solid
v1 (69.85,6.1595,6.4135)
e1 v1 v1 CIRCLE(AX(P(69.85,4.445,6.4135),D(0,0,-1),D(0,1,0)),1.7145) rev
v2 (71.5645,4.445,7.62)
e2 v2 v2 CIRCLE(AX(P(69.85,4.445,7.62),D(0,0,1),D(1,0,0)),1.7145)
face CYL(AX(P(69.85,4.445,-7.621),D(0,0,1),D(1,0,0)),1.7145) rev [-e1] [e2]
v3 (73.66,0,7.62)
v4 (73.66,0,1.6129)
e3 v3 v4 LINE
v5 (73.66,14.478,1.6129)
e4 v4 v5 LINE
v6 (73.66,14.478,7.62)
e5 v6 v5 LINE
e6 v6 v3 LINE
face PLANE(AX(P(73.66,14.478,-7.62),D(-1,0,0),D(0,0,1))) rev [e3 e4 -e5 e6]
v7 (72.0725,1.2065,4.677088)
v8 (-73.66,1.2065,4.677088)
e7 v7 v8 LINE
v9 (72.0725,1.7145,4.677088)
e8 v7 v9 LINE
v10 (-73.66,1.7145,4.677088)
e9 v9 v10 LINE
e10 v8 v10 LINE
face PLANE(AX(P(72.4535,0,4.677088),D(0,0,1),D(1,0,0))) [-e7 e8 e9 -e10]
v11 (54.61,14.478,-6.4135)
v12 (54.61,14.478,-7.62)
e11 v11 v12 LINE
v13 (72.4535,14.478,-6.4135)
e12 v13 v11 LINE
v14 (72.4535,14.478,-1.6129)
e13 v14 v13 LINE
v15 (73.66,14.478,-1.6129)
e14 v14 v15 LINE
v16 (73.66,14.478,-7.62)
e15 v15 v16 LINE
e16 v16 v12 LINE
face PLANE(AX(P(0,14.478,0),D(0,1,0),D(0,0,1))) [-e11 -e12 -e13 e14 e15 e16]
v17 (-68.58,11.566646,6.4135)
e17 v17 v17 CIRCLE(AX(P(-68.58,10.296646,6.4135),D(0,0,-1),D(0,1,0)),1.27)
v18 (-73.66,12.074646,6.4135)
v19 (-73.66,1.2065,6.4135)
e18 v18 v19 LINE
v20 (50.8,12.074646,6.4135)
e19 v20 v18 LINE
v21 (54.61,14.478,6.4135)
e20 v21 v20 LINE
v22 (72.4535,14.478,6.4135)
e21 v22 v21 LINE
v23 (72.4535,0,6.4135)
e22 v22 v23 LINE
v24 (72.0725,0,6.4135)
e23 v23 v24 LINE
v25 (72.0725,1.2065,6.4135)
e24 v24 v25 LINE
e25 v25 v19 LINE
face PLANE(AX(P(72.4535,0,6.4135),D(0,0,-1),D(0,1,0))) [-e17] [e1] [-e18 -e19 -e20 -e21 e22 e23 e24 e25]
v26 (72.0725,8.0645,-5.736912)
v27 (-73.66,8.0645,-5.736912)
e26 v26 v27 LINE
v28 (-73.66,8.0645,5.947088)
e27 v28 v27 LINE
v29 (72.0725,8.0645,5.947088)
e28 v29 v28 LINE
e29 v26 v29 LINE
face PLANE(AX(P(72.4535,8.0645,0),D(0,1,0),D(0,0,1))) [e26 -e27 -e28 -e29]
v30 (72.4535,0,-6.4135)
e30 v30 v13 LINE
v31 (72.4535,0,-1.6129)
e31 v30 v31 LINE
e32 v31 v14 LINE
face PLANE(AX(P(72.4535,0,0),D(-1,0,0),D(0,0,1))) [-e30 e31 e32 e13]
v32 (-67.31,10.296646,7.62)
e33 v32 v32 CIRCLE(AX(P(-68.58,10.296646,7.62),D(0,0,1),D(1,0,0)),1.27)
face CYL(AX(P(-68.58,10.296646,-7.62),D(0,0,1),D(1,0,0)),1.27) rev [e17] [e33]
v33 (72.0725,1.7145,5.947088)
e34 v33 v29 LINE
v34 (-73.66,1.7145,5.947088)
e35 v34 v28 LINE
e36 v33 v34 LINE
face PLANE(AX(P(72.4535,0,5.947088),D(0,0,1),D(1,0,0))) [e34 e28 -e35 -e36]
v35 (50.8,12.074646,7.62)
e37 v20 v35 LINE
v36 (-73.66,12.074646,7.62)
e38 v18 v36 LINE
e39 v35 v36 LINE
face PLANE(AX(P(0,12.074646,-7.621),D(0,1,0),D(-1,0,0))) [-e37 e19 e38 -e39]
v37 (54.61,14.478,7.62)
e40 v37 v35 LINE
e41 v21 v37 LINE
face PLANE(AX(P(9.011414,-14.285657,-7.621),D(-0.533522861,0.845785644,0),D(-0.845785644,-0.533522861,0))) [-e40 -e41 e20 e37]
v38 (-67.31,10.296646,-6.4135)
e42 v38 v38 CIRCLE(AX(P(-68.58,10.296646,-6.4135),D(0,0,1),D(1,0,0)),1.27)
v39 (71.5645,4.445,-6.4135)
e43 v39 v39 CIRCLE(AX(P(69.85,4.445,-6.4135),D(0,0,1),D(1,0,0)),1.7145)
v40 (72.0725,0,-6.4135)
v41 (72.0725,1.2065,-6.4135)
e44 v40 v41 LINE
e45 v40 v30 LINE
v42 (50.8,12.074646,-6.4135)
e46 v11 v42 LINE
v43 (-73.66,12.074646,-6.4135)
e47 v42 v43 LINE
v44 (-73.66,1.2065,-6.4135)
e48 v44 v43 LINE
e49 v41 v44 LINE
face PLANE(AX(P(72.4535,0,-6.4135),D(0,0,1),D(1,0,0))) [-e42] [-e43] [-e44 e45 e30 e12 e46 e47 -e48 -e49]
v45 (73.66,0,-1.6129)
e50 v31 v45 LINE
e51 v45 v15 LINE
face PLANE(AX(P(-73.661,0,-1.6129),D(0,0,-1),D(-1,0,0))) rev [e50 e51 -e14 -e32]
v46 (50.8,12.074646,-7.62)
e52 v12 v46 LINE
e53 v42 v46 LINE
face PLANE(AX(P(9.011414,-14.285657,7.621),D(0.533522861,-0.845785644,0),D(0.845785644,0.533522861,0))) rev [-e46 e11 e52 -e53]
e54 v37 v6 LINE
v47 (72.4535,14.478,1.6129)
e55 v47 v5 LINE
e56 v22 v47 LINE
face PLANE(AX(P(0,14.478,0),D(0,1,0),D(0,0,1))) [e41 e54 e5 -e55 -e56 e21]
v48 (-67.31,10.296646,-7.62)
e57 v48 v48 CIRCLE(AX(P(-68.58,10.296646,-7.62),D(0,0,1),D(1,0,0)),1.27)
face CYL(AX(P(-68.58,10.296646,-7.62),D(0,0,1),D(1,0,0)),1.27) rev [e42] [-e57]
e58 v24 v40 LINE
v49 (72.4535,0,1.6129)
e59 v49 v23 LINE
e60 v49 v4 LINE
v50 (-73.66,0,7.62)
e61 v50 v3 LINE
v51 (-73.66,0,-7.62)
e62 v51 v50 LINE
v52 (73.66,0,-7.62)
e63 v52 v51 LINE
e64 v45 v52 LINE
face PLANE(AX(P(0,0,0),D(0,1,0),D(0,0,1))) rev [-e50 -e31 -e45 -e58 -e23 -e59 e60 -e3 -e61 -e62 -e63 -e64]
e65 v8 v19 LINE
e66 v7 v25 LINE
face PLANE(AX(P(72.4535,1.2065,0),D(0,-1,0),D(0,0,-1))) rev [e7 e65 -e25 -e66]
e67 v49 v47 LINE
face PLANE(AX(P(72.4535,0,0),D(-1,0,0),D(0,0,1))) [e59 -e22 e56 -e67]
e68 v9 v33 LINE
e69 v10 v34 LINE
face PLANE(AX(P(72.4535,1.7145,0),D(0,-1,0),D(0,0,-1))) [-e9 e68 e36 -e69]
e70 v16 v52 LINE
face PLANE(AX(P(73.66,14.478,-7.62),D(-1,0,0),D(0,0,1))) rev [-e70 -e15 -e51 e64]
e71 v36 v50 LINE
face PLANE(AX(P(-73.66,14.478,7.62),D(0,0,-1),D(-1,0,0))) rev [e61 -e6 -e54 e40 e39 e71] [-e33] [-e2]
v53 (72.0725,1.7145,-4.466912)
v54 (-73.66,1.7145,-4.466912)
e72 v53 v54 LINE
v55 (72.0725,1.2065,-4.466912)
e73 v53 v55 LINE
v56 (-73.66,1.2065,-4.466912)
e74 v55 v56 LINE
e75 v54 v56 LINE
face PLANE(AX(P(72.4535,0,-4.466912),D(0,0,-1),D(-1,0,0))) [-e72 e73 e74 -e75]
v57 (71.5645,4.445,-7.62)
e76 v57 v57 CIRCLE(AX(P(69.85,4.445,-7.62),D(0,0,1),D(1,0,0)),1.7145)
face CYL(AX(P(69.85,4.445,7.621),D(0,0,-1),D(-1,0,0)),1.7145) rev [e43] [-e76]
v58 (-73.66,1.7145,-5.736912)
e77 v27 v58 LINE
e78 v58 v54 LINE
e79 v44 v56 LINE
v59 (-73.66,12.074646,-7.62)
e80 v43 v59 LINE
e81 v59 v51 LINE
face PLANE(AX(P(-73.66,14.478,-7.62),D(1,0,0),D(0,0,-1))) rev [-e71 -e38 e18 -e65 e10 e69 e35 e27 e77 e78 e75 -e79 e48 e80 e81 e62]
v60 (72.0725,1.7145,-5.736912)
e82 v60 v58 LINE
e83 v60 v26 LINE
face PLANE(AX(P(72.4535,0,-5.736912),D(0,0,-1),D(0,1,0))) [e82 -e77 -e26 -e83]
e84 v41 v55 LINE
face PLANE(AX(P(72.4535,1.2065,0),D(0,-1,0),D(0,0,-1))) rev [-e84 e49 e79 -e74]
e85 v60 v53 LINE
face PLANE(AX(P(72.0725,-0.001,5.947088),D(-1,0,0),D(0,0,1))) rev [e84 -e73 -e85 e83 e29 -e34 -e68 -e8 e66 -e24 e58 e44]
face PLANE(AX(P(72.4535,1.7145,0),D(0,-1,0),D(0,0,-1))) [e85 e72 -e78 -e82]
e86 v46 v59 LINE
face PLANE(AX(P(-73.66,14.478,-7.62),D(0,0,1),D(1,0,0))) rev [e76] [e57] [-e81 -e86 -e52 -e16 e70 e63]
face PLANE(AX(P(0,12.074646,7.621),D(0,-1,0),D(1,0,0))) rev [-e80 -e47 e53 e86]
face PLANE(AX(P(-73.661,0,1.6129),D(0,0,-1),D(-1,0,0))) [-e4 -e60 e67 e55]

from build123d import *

# Parameters (mm, degrees)
SKETCH1_W           = 147.32
SKETCH1_H           = 15.24
BOSS_EXTRUDE1_DEPTH = 14.478
CUT_EXTRUDE2_DEPTH  = 146.1135
CUT_EXTRUDE5_REACH  = 78.601
SKETCH7_R           = 1.7145
SKETCH9_R           = 1.27
CUT_EXTRUDE6_DEPTH  = 77.60068984
CUT_EXTRUDE7_REACH  = 76.491
SKETCH11_W          = 0.381
SKETCH11_H          = 11.684
CUT_EXTRUDE8_REACH  = 77.233
SKETCH12_W          = 0.381
SKETCH12_H          = 0.676587602
CUT_EXTRUDE9_REACH  = 77.233
SKETCH13_W          = 0.381
SKETCH13_H          = 0.466412398
CUT_EXTRUDE10_REACH = 150.226
SKETCH14_W          = 1.6129
SKETCH14_H          = 14.478


with BuildPart() as part:
    # Sketch1 → Boss-Extrude1 (new body)
    with BuildSketch(Plane(origin=(0, 0, 0), x_dir=(1, 0, 0), z_dir=(0, 1, 0))):
        Rectangle(SKETCH1_W, SKETCH1_H)
    extrude(amount=BOSS_EXTRUDE1_DEPTH)

    # Sketch3 → Cut-Extrude2 (cut)
    with BuildSketch(Plane.ZY.offset(73.66)):
        Polygon((-6.4135, 14.478), (-6.4135, 13.2715), (-6.4135, 1.2065), (-4.466912398, 1.2065), (-4.466912398, 1.7145), (-5.736912398, 1.7145), (-5.736912398, 8.0645), (5.947087602, 8.0645), (5.947087602, 1.7145), (4.677087602, 1.7145), (4.677087602, 1.2065), (6.4135, 1.2065), (6.4135, 13.2715), (6.4135, 14.478), align=None)
    extrude(amount=-CUT_EXTRUDE2_DEPTH, mode=Mode.SUBTRACT)

    # Sketch7 → Cut-Extrude5 (cut, up to next)
    with BuildSketch(Plane.XY.offset(7.62), mode=Mode.PRIVATE) as cut_extrude5_sk1:
        Polygon((50.8, 12.074646248), (54.61, 14.478), (-73.66, 14.478), (-73.66, 12.074646248), align=None)
    cut_extrude5_tool1 = extrude(cut_extrude5_sk1.sketch, amount=-CUT_EXTRUDE5_REACH, mode=Mode.PRIVATE) & part.part
    # Sketch7 → Cut-Extrude5 (cut, up to next)
    with BuildSketch(Plane.XY.offset(7.62), mode=Mode.PRIVATE) as cut_extrude5_sk2:
        with Locations((69.85, 4.445)):
            Circle(SKETCH7_R)
    cut_extrude5_tool2 = extrude(cut_extrude5_sk2.sketch, amount=-CUT_EXTRUDE5_REACH, mode=Mode.PRIVATE) & part.part
    cut_extrude5_1 = cut_extrude5_tool1.solids().sort_by_distance((-10.472714, 13.282362, 7.62))[0]
    add(cut_extrude5_1, mode=Mode.SUBTRACT)
    cut_extrude5_2 = cut_extrude5_tool2.solids().sort_by_distance((69.85, 4.445, 7.62))[0]
    add(cut_extrude5_2, mode=Mode.SUBTRACT)
    cut_extrude5 = cut_extrude5_1 + cut_extrude5_2  # Cut-Extrude5 as one shape, for the pattern or mirror that repeats it

    # Sketch9 → Cut-Extrude6 (cut, through all)
    with BuildSketch(Plane.XY.offset(7.62)):
        with Locations((-68.58, 10.296646248)):
            Circle(SKETCH9_R)
    extrude(amount=-CUT_EXTRUDE6_DEPTH, mode=Mode.SUBTRACT)

    # Sketch11 → Cut-Extrude7 (cut, up to next)
    with BuildSketch(Plane(origin=(0, 8.0645, 0), x_dir=(1, 0, 0), z_dir=(0, 1, 0)), mode=Mode.PRIVATE) as cut_extrude7_sk1:
        with Locations((72.263, -0.105087602)):
            Rectangle(SKETCH11_W, SKETCH11_H)
    cut_extrude7_tool1 = extrude(cut_extrude7_sk1.sketch, amount=-CUT_EXTRUDE7_REACH, mode=Mode.PRIVATE) & part.part
    add(cut_extrude7_tool1.solids().sort_by_distance((72.263, 8.0645, 0.105088))[0], mode=Mode.SUBTRACT)

    # Sketch12 → Cut-Extrude8 (cut, up to next)
    with BuildSketch(Plane(origin=(0, 1.2065, 0), x_dir=(1, 0, 0), z_dir=(0, 1, 0)), mode=Mode.PRIVATE) as cut_extrude8_sk1:
        with Locations((72.263, 6.075206199)):
            Rectangle(SKETCH12_W, SKETCH12_H)
    cut_extrude8_tool1 = extrude(cut_extrude8_sk1.sketch, amount=-CUT_EXTRUDE8_REACH, mode=Mode.PRIVATE) & part.part
    add(cut_extrude8_tool1.solids().sort_by_distance((72.263, 1.2065, -6.075206))[0], mode=Mode.SUBTRACT)

    # Sketch13 → Cut-Extrude9 (cut, up to next)
    with BuildSketch(Plane(origin=(0, 1.2065, 0), x_dir=(1, 0, 0), z_dir=(0, 1, 0)), mode=Mode.PRIVATE) as cut_extrude9_sk1:
        with Locations((72.263, -6.180293801)):
            Rectangle(SKETCH13_W, SKETCH13_H)
    cut_extrude9_tool1 = extrude(cut_extrude9_sk1.sketch, amount=-CUT_EXTRUDE9_REACH, mode=Mode.PRIVATE) & part.part
    add(cut_extrude9_tool1.solids().sort_by_distance((72.263, 1.2065, 6.180294))[0], mode=Mode.SUBTRACT)

    # Sketch14 → Cut-Extrude10 (cut, up to next)
    with BuildSketch(Plane(origin=(73.66, 0, 0), x_dir=(0, 0, -1), z_dir=(1, 0, 0)), mode=Mode.PRIVATE) as cut_extrude10_sk1:
        with Locations((0.80645, 7.239)):
            Rectangle(SKETCH14_W, SKETCH14_H)
    cut_extrude10_tool1 = extrude(cut_extrude10_sk1.sketch, amount=-CUT_EXTRUDE10_REACH, mode=Mode.PRIVATE) & part.part
    # Sketch14 → Cut-Extrude10 (cut, up to next)
    with BuildSketch(Plane(origin=(73.66, 0, 0), x_dir=(0, 0, -1), z_dir=(1, 0, 0)), mode=Mode.PRIVATE) as cut_extrude10_sk2:
        with Locations((-0.80645, 7.239)):
            Rectangle(SKETCH14_W, SKETCH14_H)
    cut_extrude10_tool2 = extrude(cut_extrude10_sk2.sketch, amount=-CUT_EXTRUDE10_REACH, mode=Mode.PRIVATE) & part.part
    add(cut_extrude10_tool1.solids().sort_by_distance((73.66, 7.239, -0.80645))[0], mode=Mode.SUBTRACT)
    add(cut_extrude10_tool2.solids().sort_by_distance((73.66, 7.239, 0.80645))[0], mode=Mode.SUBTRACT)

    # Mirror1: Cut-Extrude5 across plane
    add(cut_extrude5.mirror(Plane(origin=(0, 0, 0), x_dir=(1, 0, 0), z_dir=(0, 0, -1))), mode=Mode.SUBTRACT)


solid = part.part
